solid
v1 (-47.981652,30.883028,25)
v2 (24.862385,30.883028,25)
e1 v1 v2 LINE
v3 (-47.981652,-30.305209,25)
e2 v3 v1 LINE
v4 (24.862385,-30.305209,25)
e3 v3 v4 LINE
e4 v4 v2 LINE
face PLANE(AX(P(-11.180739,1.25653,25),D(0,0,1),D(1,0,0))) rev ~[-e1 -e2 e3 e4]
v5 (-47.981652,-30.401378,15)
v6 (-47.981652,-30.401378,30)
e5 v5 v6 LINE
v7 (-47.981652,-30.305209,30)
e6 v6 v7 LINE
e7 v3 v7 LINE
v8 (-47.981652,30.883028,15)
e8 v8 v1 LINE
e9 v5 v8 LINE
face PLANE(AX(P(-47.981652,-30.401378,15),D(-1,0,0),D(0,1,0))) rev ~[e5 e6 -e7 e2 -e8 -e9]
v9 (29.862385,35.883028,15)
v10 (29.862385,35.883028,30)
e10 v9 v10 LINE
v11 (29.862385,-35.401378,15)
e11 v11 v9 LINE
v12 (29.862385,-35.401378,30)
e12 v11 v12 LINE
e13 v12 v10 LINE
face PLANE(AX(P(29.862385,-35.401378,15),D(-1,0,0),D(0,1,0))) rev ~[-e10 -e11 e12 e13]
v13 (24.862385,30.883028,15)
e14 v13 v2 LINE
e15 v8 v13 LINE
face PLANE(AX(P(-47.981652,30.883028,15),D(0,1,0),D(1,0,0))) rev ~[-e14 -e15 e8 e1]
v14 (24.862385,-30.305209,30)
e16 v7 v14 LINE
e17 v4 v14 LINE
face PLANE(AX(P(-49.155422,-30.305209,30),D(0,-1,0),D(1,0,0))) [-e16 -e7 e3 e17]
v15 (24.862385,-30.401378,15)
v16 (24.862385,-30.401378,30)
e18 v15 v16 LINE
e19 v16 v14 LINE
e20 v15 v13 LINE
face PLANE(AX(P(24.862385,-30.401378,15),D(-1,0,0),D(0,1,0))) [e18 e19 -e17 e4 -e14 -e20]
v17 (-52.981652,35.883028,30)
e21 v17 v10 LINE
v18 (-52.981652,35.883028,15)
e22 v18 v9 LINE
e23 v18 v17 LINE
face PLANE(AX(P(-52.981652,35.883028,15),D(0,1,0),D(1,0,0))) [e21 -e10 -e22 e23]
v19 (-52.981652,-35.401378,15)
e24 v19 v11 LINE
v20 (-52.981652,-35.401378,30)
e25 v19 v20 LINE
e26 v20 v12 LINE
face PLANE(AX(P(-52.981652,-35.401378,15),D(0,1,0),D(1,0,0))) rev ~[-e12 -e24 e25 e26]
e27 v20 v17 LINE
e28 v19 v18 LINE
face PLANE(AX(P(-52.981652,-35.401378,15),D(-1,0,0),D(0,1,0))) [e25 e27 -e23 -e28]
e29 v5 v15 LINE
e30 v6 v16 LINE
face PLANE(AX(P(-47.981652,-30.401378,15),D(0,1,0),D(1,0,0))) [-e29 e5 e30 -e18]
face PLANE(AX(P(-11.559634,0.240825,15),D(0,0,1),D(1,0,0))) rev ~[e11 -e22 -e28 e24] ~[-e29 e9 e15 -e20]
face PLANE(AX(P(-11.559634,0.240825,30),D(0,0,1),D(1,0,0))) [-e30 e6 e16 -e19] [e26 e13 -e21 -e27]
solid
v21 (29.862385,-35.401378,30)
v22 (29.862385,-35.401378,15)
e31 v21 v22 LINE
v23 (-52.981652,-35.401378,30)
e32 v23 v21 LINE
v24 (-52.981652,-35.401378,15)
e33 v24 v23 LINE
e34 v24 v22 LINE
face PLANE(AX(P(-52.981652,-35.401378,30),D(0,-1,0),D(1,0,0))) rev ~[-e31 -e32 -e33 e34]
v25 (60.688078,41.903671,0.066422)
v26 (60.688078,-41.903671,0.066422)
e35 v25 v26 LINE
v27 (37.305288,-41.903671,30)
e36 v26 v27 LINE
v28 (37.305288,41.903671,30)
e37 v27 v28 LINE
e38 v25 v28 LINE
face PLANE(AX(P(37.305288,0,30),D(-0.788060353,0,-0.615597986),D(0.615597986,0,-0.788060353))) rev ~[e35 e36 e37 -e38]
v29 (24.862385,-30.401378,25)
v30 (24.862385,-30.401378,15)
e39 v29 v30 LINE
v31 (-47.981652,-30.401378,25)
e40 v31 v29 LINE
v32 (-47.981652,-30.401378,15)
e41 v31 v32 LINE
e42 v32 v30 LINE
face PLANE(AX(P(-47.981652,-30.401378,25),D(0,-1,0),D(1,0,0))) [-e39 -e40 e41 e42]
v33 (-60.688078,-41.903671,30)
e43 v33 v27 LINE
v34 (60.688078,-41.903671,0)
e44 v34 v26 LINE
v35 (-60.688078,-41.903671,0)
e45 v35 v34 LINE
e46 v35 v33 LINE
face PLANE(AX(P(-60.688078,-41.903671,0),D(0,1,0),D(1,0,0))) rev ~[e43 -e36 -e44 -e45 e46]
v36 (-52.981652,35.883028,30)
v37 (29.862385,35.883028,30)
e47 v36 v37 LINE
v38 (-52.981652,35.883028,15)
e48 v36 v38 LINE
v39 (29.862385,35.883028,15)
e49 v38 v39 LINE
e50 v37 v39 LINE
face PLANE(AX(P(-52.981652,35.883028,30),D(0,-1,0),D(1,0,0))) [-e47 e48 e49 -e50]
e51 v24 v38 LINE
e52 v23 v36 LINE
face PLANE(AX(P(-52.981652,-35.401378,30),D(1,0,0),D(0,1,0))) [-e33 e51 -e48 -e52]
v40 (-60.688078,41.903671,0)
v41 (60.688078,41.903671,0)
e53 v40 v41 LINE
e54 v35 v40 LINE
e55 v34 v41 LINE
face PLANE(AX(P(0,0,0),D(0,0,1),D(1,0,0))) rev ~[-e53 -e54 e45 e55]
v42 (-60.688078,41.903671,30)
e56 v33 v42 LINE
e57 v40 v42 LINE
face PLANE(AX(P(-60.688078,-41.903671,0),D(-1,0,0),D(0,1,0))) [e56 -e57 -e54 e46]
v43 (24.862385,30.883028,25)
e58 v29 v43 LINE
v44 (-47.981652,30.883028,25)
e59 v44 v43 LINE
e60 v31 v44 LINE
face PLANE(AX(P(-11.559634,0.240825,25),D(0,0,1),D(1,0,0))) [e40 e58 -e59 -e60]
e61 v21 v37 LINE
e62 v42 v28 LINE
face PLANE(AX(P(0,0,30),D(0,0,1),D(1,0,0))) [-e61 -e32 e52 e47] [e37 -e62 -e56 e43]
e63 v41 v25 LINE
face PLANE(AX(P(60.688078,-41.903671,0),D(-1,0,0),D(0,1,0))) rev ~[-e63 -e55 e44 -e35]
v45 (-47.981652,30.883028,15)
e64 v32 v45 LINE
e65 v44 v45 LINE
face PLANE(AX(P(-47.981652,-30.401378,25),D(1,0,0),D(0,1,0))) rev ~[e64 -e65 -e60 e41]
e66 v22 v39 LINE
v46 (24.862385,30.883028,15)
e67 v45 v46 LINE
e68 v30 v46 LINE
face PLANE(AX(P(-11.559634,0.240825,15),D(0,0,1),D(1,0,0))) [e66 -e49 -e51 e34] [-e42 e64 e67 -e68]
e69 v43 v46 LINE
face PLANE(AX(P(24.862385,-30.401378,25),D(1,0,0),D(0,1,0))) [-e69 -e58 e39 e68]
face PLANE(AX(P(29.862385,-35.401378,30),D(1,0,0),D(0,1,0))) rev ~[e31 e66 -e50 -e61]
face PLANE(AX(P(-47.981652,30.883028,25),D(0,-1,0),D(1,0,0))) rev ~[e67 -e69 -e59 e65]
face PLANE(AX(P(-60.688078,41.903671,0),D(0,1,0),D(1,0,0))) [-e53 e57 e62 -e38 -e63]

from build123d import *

# Parameters (mm, degrees)
F0_W      = 121.3761568069
F0_H      = 83.8073417544
F1_DEPTH  = 30
F3_DEPTH  = 250
F4_W      = 82.8440375626
F4_H      = 71.2844058871
F5_DEPTH  = 5
F6_W      = 82.8440375626
F6_H      = 71.2844058871
F6_W_2    = 72.8440375626
F6_H_2    = 61.2844058871
F7_DEPTH  = 10
F8_W      = 82.8440375626
F8_H      = 71.2844058871
F8_W_2    = 72.8440375626
F8_H_2    = 61.2844058871
F9_DEPTH  = 15
F10_W     = 75.9493652731
F10_H     = 63.1234776229
F11_DEPTH = 5


with BuildPart() as f1:
    # F0 (on Top) → F1 (new body)
    with BuildSketch(Plane.XY):
        Rectangle(F0_W, F0_H)
    extrude(amount=F1_DEPTH)

    # F2 (on Front) → F3 (cut, symmetric)
    with BuildSketch(Plane.XZ):
        Polygon((60.6880784035, 0), (60.7399642467, 0), (60.6880784035, 0.0664218806), align=None)
        Polygon((37.305287547, 30), (60.6880784035, 0.0664218806), (60.6880784035, 30), align=None)
    extrude(amount=F3_DEPTH, both=True, mode=Mode.SUBTRACT)

    # F4 (on face) → F5 (cut)
    with BuildSketch(Plane.XY.offset(30)):
        with Locations((-11.5596335381, 0.2408251166)):
            Rectangle(F4_W, F4_H)
    extrude(amount=-F5_DEPTH, mode=Mode.SUBTRACT)

    # F6 (on face) → F7 (cut)
    with BuildSketch(Plane.XY.offset(25)):
        with Locations((-11.5596335381, 0.2408251166)):
            Rectangle(F6_W, F6_H)
        with Locations((-11.5596335381, 0.2408251166)):
            Rectangle(F6_W_2, F6_H_2, mode=Mode.SUBTRACT)
    extrude(amount=-F7_DEPTH, mode=Mode.SUBTRACT)


with BuildPart() as f9:
    # F8 (on face) → F9 (new body, through all)
    with BuildSketch(Plane.XY.offset(15)):
        with Locations((-11.5596335381, 0.2408251166)):
            Rectangle(F8_W, F8_H)
        with Locations((-11.5596335381, 0.2408251166)):
            Rectangle(F8_W_2, F8_H_2, mode=Mode.SUBTRACT)
    extrude(amount=F9_DEPTH)

    # F10 (on face) → F11 (join, through all)
    with BuildSketch(Plane.XY.offset(30)):
        with Locations((-11.1807389185, 1.2565301731)):
            Rectangle(F10_W, F10_H)
    extrude(amount=-F11_DEPTH)


solid = Compound([f1.part, f9.part])
